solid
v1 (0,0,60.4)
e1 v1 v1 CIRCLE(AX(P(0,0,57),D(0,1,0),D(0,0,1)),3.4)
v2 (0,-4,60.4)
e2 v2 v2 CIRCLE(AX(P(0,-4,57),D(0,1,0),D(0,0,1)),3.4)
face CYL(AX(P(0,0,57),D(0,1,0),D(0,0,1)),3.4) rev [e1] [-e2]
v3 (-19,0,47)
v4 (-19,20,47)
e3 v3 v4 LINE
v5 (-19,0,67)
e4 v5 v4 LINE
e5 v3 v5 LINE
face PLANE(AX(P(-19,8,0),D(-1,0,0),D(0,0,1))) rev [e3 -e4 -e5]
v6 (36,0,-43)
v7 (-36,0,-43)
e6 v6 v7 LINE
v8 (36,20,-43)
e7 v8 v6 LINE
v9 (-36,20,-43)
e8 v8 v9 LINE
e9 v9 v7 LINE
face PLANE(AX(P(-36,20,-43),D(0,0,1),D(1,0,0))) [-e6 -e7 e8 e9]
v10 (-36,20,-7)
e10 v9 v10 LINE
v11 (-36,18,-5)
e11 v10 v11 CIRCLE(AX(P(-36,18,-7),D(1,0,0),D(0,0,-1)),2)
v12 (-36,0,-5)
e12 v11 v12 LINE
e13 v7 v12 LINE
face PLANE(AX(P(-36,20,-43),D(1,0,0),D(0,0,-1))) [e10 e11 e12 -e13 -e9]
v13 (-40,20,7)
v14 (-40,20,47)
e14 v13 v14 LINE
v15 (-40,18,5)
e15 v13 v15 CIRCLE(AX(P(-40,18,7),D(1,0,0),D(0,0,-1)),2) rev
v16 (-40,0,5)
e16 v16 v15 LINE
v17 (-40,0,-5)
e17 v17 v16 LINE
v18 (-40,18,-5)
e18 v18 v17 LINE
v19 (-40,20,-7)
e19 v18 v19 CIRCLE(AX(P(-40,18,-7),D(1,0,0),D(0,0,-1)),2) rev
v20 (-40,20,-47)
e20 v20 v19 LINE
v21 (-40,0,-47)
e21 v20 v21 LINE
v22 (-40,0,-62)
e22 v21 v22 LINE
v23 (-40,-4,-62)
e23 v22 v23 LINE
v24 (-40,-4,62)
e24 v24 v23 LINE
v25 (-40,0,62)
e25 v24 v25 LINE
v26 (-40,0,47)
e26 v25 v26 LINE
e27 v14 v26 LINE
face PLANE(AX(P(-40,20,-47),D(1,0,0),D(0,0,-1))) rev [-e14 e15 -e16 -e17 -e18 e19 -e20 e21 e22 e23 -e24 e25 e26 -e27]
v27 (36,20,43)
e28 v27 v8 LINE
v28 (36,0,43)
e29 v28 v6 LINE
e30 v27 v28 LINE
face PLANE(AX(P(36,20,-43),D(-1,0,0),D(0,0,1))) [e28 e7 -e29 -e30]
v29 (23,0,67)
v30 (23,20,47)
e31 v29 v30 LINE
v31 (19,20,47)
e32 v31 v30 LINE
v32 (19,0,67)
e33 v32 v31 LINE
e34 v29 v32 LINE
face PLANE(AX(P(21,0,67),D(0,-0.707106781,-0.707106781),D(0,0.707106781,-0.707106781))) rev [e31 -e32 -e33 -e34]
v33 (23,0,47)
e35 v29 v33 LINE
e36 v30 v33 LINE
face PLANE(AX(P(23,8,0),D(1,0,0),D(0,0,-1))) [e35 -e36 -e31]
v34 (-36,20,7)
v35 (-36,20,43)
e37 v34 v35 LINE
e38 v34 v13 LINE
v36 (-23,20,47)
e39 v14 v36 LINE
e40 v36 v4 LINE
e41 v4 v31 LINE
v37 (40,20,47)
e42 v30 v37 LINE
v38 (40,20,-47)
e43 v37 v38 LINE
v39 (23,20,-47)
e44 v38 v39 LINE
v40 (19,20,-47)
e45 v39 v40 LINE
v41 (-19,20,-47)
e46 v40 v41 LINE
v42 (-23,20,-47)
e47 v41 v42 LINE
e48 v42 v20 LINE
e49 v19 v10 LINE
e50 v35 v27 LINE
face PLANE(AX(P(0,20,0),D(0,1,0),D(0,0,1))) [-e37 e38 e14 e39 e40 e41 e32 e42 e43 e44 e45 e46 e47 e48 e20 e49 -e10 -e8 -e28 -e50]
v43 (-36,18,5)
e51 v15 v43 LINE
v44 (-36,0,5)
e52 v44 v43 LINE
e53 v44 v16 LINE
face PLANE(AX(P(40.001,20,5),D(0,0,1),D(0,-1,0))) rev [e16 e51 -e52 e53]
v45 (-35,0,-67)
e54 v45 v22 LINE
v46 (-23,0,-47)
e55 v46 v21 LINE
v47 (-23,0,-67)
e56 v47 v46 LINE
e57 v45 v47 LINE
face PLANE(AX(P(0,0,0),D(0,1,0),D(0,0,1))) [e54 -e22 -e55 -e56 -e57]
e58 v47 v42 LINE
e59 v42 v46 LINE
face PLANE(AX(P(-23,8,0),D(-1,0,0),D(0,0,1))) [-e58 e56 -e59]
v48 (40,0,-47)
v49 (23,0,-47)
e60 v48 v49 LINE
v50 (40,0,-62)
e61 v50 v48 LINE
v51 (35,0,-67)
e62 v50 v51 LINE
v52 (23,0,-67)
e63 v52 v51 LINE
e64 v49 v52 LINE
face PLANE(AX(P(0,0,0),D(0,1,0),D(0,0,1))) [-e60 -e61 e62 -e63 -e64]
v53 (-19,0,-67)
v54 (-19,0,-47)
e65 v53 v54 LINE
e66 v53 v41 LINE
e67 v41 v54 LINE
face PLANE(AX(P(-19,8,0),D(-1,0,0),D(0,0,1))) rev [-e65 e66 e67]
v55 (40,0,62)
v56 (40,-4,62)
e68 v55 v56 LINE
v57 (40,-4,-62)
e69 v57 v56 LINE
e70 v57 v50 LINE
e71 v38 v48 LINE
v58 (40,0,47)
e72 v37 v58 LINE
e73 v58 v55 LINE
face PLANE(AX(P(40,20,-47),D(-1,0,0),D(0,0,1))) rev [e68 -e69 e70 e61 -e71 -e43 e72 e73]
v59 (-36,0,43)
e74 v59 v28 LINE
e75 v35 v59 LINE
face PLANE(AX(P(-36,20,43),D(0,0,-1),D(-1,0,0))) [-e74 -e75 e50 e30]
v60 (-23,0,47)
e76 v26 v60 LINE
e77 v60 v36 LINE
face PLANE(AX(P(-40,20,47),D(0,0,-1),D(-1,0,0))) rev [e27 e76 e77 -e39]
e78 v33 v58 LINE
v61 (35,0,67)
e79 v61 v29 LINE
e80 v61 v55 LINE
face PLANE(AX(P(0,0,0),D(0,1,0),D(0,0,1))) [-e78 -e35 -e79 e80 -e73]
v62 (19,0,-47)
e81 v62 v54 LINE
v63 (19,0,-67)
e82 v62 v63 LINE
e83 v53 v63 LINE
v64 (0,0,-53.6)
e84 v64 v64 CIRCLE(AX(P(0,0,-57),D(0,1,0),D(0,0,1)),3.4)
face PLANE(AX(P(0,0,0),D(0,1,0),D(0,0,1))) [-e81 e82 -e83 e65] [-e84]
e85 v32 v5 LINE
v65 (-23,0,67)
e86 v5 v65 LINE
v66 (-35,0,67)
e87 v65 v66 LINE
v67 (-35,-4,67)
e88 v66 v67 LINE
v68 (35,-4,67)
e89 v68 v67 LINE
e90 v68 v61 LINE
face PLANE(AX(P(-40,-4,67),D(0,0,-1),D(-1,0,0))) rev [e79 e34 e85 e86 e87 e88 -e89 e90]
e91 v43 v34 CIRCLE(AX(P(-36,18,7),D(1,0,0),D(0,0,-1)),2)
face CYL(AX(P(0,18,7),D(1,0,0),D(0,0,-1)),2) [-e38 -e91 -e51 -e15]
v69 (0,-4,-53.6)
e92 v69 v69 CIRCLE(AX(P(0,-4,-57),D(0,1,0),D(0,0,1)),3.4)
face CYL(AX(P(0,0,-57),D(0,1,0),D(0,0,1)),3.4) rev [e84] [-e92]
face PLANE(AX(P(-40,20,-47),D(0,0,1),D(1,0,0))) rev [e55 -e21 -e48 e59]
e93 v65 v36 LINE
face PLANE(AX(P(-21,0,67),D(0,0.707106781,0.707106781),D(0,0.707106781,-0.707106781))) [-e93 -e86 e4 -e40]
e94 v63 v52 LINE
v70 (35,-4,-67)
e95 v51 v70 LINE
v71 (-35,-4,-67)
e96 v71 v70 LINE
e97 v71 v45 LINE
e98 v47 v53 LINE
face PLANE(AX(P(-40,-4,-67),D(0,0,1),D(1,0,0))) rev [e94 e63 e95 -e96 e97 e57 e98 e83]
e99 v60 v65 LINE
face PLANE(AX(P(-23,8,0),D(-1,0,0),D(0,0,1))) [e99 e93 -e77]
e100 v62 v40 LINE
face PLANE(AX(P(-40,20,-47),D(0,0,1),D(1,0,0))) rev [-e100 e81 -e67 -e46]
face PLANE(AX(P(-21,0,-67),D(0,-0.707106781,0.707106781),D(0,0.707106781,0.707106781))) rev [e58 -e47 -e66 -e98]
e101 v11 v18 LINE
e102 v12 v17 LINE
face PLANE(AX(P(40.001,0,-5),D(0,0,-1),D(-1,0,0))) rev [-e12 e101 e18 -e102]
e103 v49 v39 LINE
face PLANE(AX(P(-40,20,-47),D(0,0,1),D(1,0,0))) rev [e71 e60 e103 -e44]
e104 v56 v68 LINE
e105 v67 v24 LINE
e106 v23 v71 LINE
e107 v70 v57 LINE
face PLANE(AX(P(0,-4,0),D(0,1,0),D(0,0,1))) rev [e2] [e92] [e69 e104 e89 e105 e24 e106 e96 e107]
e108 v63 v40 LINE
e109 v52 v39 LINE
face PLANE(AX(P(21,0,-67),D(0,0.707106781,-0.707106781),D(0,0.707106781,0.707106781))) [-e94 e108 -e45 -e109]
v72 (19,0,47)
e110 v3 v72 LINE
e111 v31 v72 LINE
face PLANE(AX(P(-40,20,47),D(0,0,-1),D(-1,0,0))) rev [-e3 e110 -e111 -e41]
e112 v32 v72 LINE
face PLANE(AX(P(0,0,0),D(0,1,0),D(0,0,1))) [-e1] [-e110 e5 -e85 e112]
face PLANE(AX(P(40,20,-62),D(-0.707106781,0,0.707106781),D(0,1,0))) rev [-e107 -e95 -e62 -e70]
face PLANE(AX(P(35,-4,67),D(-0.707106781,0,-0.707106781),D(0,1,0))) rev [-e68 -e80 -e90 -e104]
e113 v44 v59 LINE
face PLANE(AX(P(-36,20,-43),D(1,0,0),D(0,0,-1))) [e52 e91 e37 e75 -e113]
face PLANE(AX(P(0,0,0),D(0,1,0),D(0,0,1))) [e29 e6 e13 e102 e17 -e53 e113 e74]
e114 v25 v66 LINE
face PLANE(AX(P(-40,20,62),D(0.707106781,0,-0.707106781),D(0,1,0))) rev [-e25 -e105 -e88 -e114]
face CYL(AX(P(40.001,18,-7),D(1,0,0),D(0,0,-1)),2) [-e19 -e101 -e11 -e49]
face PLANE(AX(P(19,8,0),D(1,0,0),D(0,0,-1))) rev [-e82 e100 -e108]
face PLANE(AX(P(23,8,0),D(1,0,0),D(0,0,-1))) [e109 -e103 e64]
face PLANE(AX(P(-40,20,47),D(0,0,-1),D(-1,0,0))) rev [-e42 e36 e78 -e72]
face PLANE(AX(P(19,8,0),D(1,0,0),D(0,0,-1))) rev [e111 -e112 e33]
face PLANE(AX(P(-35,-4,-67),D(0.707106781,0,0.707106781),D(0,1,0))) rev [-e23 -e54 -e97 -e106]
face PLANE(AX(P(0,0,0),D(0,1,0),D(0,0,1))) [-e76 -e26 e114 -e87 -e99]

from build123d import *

# Parameters (mm, degrees)
SKETCH1_W               = 80
SKETCH1_H               = 94
SKETCH1_W_2             = 72
SKETCH1_H_2             = 86
BOSS_EXTRUDE3_DEPTH     = 20
SKETCH10_W              = 80
SKETCH10_H              = 134
BOSS_EXTRUDE4_DEPTH     = 4
CUT_EXTRUDE1_REACH      = 108.25
SKETCH11_W              = 10
SKETCH11_H              = 20
FILLET2_R               = 2
TAP_DRILL_FOR_M8_TAP2_D = 6.8
RIB10_REACH             = 94.79
SKETCH26_WALL_W         = 215.864442602
SKETCH26_WALL_H         = 4
MIRROR4_COPY_1_REACH    = 94.79
MIRROR4_COPY_1_SKETCH_W = 215.864442602
MIRROR4_COPY_1_SKETCH_H = 4
CHAMFER1_SIZE           = 5


with BuildPart() as part:
    # Sketch1 → Boss-Extrude3 (new body)
    with BuildSketch(Plane(origin=(0, 0, 0), x_dir=(1, 0, 0), z_dir=(0, 1, 0))):
        Rectangle(SKETCH1_W, SKETCH1_H)
        Rectangle(SKETCH1_W_2, SKETCH1_H_2, mode=Mode.SUBTRACT)
    extrude(amount=BOSS_EXTRUDE3_DEPTH)

    # Sketch10 → Boss-Extrude4 (add)
    with BuildSketch(Plane.XZ):
        Rectangle(SKETCH10_W, SKETCH10_H)
    extrude(amount=BOSS_EXTRUDE4_DEPTH)

    # Sketch11 → Cut-Extrude1 (cut, up to next)
    with BuildSketch(Plane.ZY.offset(40), mode=Mode.PRIVATE) as cut_extrude1_sk1:
        with Locations((0, 10)):
            Rectangle(SKETCH11_W, SKETCH11_H)
    cut_extrude1_tool1 = extrude(cut_extrude1_sk1.sketch, amount=-CUT_EXTRUDE1_REACH, mode=Mode.PRIVATE) & part.part
    add(cut_extrude1_tool1.solids().sort_by_distance((-40, 10, 0))[0], mode=Mode.SUBTRACT)

    # Fillet2
    fillet2_edges = [part.edges().sort_by_distance(p)[0] for p in [
        (-38, 20, 5),
        (-38, 20, -5),
    ]]
    fillet(fillet2_edges, radius=FILLET2_R)

    # Tap Drill for M8 Tap2 (through all)
    with Locations(Plane(origin=(0, 0, 57), x_dir=(0, 0, 1), z_dir=(0, 1, 0))):
        with Locations((0, 0), (-114, 0)):
            Hole(TAP_DRILL_FOR_M8_TAP2_D / 2)

    # Sketch26 wall → Rib10 (add, up to next)
    with BuildSketch(Plane(origin=(-21, 10, -57), x_dir=(0, 0.707106781187, 0.707106781187), z_dir=(0, 0.707106781187, -0.707106781187)), mode=Mode.PRIVATE) as rib10_sk1:
        Rectangle(SKETCH26_WALL_W, SKETCH26_WALL_H)
    rib10_tool1 = extrude(rib10_sk1.sketch, amount=-RIB10_REACH, mode=Mode.PRIVATE) - part.part
    rib10 = rib10_tool1.solids().sort_by_distance((-21, 10, -57))[0]
    add(rib10)

    # Mirror3: Rib10 across plane
    add(rib10.mirror(Plane(origin=(0, 0, 0), x_dir=(0, 0, 1), z_dir=(1, 0, 0))))

    # Mirror4: Rib10 across plane
    add(rib10.mirror(Plane.XY))

    # Mirror4 copy 1 sketch → Mirror4 copy 1 (add, up to next)
    with BuildSketch(Plane(origin=(21, 10, 57), x_dir=(0, 0.707106781187, -0.707106781187), z_dir=(0, 0.707106781187, 0.707106781187)), mode=Mode.PRIVATE) as mirror4_copy_1_sk1:
        Rectangle(MIRROR4_COPY_1_SKETCH_W, MIRROR4_COPY_1_SKETCH_H)
    mirror4_copy_1_tool1 = extrude(mirror4_copy_1_sk1.sketch, amount=-MIRROR4_COPY_1_REACH, mode=Mode.PRIVATE) - part.part
    add(mirror4_copy_1_tool1.solids().sort_by_distance((21, 10, 57))[0])

    # Chamfer1
    chamfer1_edges = [part.edges().sort_by_distance(p)[0] for p in [
        (40, -2, -67),
        (40, -2, 67),
        (-40, -2, 67),
        (-40, -2, -67),
    ]]
    chamfer(chamfer1_edges, length=CHAMFER1_SIZE)


solid = part.part
